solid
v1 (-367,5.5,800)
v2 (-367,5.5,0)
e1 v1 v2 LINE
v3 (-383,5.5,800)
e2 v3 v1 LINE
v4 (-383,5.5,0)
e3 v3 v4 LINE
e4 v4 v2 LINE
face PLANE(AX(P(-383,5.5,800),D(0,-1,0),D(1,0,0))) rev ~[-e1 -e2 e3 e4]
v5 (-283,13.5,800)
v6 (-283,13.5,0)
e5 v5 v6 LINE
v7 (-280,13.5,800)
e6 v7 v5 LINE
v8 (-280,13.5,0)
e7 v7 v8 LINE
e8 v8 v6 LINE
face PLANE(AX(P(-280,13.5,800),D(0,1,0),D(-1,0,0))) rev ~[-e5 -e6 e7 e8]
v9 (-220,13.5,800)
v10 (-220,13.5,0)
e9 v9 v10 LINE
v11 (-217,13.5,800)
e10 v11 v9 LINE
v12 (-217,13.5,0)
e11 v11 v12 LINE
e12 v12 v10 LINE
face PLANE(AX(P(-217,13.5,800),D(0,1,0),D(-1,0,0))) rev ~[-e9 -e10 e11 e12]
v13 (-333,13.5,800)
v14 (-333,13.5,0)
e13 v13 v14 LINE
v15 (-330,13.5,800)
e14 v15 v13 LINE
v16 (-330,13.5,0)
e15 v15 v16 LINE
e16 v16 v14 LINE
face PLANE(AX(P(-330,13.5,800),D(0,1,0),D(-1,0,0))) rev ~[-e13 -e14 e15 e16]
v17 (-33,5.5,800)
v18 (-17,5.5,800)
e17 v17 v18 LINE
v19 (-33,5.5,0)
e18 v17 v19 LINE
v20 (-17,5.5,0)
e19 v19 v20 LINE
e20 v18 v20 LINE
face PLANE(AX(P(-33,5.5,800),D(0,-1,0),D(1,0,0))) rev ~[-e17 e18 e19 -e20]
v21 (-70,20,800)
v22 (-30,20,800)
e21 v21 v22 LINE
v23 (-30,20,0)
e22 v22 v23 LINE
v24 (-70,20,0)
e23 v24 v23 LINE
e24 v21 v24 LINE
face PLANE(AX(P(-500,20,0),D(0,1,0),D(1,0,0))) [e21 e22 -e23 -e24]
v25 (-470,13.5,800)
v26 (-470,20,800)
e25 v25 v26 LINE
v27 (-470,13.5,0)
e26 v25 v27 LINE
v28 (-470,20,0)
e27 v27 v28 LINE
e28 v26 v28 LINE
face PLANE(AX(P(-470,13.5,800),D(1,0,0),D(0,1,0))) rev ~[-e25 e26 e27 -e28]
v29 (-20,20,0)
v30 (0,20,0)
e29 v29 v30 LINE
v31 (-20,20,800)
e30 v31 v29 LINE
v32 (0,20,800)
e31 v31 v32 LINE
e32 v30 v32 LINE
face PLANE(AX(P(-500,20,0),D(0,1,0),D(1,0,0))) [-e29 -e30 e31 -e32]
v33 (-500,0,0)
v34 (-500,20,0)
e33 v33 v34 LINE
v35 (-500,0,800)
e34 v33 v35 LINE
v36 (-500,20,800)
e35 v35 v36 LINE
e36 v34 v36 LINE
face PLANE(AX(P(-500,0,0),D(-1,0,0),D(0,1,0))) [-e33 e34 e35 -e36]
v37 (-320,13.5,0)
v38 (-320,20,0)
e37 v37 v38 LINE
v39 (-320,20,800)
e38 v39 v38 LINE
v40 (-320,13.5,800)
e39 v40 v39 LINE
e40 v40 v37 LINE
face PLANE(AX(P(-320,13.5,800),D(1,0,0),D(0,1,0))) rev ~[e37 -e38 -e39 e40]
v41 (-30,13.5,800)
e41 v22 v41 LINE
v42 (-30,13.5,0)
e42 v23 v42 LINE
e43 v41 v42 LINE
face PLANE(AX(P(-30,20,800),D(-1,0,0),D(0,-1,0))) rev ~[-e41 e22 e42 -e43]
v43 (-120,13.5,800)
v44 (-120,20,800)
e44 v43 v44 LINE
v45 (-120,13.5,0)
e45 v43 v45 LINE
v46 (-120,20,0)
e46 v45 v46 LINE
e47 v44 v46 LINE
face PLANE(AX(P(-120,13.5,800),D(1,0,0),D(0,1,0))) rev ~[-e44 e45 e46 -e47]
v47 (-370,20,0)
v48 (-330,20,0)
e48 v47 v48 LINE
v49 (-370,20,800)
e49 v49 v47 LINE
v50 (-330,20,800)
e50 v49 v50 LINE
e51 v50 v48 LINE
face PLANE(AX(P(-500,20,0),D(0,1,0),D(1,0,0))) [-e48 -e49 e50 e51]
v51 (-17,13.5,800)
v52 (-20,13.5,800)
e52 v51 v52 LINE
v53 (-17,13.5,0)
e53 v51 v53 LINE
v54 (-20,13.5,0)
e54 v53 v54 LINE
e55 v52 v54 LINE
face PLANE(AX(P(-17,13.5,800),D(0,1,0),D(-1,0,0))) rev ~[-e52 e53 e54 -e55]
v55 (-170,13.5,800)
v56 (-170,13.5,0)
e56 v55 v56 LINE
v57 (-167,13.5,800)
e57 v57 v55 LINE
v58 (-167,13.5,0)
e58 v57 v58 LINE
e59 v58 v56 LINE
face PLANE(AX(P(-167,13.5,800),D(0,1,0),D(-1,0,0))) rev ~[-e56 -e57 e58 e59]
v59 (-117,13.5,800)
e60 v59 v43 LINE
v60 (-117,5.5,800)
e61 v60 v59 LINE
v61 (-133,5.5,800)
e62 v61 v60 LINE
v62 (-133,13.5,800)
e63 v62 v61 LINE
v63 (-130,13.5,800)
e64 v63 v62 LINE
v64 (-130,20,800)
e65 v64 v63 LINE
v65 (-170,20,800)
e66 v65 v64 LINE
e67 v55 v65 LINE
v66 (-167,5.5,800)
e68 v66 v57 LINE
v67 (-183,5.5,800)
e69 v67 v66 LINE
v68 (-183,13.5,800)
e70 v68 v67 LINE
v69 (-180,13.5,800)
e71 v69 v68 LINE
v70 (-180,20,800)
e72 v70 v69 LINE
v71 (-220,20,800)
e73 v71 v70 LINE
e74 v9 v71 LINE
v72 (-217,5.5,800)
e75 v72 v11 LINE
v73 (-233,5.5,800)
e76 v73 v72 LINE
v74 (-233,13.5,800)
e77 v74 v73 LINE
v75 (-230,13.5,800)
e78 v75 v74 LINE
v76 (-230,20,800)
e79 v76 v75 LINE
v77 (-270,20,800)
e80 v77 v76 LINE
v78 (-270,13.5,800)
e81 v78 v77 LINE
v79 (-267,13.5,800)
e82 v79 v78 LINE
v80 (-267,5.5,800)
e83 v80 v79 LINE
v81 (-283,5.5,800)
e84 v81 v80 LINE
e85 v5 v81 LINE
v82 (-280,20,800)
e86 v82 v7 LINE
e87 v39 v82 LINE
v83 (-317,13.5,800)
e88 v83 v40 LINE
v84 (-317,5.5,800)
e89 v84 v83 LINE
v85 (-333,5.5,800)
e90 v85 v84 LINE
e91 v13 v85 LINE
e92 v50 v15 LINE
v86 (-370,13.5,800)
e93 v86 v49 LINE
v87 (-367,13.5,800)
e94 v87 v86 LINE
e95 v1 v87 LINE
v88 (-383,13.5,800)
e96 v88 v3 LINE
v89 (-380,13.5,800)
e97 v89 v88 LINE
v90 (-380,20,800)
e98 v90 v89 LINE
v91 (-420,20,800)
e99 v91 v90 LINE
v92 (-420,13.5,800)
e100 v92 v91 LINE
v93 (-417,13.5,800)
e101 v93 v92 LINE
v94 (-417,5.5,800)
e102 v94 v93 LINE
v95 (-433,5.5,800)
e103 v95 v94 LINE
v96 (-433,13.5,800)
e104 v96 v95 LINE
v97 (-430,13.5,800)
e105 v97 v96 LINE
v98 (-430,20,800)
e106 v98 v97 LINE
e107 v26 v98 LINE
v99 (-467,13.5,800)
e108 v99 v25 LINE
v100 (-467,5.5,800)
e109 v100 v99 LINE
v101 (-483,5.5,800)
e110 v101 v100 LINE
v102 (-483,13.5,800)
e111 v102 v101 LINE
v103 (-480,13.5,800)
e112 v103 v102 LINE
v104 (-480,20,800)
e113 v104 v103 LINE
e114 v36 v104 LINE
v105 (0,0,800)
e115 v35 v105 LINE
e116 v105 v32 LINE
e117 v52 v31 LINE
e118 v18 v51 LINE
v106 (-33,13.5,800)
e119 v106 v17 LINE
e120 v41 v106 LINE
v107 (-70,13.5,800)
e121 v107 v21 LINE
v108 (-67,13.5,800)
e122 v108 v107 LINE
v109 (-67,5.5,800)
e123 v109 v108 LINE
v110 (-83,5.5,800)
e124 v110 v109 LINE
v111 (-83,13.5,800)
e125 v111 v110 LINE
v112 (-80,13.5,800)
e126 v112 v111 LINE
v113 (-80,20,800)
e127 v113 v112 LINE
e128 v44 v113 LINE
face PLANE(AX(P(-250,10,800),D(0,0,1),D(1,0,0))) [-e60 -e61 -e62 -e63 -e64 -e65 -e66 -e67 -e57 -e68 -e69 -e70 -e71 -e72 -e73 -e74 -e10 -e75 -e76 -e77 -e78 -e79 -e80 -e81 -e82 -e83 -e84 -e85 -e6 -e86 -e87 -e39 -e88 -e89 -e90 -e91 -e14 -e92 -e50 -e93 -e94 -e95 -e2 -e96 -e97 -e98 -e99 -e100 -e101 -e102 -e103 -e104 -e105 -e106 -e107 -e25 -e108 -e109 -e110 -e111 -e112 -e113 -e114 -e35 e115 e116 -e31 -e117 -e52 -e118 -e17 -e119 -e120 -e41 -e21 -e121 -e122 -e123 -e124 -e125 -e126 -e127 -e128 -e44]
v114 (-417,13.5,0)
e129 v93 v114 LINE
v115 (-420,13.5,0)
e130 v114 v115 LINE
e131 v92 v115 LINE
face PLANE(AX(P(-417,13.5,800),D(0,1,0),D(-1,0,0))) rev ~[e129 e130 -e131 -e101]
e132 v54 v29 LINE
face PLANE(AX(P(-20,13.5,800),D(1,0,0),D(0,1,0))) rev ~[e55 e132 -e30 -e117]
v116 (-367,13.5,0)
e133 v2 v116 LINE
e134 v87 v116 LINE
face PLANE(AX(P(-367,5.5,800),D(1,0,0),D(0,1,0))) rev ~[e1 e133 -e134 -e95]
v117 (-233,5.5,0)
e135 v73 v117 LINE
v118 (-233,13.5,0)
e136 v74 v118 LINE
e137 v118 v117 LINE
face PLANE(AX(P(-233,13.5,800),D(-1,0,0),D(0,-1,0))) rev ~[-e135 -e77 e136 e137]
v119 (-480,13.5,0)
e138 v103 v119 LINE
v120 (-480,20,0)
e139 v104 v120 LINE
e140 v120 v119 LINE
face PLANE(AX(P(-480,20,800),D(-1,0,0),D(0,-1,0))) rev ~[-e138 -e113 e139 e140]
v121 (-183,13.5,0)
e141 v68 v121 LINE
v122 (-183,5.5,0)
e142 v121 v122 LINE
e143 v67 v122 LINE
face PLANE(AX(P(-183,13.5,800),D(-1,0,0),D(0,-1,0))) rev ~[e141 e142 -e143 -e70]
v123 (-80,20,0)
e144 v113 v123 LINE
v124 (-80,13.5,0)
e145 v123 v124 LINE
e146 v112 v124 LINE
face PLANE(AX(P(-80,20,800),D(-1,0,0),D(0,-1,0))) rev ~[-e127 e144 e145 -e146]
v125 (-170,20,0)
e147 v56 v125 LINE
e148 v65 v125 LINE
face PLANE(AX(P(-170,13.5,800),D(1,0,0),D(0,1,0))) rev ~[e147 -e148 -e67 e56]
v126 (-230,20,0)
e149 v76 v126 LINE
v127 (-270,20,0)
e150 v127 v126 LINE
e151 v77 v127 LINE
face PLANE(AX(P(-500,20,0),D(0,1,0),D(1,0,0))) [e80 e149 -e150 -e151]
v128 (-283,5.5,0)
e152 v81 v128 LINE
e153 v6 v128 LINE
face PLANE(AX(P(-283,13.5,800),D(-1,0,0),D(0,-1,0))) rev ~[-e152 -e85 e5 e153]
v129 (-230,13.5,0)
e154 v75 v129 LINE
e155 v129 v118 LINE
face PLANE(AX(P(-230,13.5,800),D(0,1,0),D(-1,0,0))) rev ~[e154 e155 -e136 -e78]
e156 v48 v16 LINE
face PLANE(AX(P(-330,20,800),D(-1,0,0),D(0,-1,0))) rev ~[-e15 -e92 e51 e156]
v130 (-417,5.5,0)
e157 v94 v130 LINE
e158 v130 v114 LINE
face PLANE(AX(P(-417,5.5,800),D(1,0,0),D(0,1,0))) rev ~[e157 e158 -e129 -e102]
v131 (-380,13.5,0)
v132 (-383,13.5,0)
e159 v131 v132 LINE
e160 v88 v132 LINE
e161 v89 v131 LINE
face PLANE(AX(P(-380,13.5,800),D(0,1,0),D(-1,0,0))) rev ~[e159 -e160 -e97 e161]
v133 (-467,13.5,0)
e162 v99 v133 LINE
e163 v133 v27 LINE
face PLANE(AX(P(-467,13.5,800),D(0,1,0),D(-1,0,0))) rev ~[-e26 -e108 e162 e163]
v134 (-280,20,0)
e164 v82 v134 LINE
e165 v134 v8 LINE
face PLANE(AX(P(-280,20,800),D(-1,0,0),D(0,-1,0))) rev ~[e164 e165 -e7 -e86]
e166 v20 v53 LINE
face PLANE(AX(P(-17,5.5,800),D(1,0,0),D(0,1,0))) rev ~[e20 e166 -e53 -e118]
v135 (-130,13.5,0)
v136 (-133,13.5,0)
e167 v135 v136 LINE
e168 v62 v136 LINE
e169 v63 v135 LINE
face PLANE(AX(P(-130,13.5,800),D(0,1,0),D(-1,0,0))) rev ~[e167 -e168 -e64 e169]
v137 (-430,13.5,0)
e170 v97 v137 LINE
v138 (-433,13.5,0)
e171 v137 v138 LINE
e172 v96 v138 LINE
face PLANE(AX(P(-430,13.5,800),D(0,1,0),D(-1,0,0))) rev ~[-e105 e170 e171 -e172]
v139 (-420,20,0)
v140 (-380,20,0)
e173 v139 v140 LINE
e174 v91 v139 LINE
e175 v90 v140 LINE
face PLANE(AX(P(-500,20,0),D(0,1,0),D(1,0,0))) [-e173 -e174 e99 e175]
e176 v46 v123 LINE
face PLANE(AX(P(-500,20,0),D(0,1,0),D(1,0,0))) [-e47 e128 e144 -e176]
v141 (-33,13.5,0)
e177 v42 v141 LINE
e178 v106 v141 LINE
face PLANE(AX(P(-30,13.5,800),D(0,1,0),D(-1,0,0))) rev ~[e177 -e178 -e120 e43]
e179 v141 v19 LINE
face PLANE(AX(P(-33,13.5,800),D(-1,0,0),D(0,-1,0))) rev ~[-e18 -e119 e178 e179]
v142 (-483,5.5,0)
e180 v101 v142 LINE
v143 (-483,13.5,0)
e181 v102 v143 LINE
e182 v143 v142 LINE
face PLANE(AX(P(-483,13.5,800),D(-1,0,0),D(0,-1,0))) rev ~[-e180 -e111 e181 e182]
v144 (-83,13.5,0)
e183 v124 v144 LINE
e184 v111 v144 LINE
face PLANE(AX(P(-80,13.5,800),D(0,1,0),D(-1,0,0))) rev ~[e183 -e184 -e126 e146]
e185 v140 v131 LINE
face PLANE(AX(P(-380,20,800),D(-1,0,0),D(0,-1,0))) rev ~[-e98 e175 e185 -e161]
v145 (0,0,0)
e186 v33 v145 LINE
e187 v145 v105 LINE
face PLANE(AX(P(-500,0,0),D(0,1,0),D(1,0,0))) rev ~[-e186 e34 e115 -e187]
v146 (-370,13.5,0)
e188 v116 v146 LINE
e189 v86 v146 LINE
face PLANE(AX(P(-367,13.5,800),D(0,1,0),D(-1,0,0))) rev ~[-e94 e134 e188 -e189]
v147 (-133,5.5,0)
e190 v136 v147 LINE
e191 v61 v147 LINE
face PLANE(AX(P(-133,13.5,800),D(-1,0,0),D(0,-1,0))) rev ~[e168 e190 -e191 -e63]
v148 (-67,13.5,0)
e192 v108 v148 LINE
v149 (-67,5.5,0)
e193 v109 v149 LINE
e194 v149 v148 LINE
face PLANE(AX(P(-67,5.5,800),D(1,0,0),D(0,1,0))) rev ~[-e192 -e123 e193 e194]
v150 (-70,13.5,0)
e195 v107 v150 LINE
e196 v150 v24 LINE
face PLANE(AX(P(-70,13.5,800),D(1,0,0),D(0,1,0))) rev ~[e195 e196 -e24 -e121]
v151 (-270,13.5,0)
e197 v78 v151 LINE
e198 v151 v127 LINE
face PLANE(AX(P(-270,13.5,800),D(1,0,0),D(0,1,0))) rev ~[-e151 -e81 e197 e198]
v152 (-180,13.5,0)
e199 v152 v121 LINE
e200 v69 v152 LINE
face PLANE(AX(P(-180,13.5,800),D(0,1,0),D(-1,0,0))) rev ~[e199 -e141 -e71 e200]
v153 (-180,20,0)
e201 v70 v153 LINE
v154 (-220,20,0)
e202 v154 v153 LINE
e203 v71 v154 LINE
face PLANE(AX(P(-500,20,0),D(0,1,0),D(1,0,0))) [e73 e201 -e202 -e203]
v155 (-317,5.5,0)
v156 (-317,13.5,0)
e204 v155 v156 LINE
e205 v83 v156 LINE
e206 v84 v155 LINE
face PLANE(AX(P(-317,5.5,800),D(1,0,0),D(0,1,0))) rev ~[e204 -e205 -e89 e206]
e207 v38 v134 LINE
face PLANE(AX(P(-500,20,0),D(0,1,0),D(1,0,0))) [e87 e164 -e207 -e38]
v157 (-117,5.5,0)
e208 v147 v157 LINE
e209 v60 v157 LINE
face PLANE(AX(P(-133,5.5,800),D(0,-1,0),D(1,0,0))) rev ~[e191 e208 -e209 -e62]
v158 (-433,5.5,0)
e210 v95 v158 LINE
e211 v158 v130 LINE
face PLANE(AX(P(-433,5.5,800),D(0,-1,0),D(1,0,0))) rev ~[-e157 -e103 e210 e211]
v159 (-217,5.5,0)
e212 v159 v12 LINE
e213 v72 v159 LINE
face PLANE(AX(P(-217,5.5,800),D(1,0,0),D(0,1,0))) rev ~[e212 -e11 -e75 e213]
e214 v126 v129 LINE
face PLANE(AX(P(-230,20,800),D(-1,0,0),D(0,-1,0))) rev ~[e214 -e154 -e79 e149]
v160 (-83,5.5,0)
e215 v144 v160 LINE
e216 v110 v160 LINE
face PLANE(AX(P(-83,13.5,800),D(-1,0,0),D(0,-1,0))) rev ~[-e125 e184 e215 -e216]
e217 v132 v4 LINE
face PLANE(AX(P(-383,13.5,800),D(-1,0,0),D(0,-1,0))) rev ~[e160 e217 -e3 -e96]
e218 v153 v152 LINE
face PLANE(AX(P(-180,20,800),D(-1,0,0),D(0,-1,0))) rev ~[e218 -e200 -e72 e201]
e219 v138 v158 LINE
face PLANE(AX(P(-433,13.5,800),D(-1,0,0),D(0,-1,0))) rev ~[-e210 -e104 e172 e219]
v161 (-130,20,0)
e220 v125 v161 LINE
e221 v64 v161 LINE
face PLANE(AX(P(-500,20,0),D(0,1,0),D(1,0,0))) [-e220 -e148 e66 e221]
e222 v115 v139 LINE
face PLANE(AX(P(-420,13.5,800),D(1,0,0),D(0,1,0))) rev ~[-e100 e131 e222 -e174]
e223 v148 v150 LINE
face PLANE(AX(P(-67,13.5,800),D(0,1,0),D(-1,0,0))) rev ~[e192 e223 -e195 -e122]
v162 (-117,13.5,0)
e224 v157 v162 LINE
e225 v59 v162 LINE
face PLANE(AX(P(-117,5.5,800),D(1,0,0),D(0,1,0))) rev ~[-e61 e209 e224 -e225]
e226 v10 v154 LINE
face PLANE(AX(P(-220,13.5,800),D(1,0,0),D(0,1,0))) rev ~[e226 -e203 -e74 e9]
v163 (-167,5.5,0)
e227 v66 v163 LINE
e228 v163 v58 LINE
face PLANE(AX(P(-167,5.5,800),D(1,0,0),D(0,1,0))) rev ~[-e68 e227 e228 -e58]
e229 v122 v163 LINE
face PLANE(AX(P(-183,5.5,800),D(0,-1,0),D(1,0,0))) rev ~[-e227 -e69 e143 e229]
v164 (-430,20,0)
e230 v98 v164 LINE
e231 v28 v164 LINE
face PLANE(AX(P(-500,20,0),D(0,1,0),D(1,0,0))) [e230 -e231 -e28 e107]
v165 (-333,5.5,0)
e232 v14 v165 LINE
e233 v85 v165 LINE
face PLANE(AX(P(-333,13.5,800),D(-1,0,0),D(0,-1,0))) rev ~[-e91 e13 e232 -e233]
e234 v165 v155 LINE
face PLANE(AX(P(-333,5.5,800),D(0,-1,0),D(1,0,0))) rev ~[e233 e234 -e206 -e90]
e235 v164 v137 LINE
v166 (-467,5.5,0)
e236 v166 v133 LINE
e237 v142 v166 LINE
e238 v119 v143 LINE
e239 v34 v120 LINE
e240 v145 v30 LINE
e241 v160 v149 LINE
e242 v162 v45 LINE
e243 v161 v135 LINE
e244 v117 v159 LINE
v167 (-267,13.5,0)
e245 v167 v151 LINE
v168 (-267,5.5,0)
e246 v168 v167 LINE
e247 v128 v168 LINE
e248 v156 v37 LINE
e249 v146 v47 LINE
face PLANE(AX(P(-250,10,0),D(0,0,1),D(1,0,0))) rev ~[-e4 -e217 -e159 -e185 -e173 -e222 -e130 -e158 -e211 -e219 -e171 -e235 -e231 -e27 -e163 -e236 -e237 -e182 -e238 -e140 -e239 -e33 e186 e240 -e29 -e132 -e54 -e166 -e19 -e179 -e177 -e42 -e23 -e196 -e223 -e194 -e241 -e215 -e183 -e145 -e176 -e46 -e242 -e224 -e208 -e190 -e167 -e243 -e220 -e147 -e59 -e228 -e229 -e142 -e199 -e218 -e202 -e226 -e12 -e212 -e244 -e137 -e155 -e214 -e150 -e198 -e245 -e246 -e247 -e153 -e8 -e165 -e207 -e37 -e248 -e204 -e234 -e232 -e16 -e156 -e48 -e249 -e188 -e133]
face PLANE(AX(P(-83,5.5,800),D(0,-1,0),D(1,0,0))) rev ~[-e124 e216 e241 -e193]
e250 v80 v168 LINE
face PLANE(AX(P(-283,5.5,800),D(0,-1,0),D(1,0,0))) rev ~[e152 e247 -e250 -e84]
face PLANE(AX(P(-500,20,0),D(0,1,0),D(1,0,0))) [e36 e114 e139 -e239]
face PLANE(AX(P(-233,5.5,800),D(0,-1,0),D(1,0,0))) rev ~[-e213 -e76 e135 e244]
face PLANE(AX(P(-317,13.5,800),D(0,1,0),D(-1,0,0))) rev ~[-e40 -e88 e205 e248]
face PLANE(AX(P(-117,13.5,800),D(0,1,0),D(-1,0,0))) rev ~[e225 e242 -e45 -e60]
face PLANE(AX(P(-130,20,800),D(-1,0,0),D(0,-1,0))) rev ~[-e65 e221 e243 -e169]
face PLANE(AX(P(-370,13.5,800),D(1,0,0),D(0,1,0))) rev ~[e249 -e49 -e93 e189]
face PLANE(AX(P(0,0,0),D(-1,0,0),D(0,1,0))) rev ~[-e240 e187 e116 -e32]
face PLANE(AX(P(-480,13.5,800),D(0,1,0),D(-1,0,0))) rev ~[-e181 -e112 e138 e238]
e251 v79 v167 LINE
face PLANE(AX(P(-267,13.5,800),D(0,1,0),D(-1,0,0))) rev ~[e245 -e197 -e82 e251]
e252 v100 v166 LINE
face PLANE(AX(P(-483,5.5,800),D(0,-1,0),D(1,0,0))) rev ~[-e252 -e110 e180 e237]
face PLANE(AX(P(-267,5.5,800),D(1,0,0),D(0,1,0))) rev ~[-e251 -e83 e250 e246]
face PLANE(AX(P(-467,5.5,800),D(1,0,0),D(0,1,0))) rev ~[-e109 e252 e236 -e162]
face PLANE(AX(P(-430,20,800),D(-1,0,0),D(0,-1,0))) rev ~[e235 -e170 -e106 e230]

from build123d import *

# Parameters (mm, degrees)
SKETCH1_W           = 500
SKETCH1_H           = 20
BOSS_EXTRUDE1_DEPTH = 800
CUT_EXTRUDE1_DEPTH  = 944.610088967


with BuildPart() as part:
    # Sketch1 → Boss-Extrude1 (new body)
    with BuildSketch(Plane.XY):
        with Locations((-250, 10)):
            Rectangle(SKETCH1_W, SKETCH1_H)
    extrude(amount=BOSS_EXTRUDE1_DEPTH)

    # Sketch2 → Cut-Extrude1 (cut, through all)
    with BuildSketch(Plane.XY.offset(800)):
        Polygon((-480, 20), (-480, 13.5), (-483, 13.5), (-483, 5.5), (-467, 5.5), (-467, 13.5), (-470, 13.5), (-470, 20), align=None)
        Polygon((-430, 20), (-430, 13.5), (-433, 13.5), (-433, 5.5), (-417, 5.5), (-417, 13.5), (-420, 13.5), (-420, 20), align=None)
        Polygon((-380, 20), (-380, 13.5), (-383, 13.5), (-383, 5.5), (-367, 5.5), (-367, 13.5), (-370, 13.5), (-370, 20), align=None)
        Polygon((-330, 20), (-330, 13.5), (-333, 13.5), (-333, 5.5), (-317, 5.5), (-317, 13.5), (-320, 13.5), (-320, 20), align=None)
        Polygon((-280, 20), (-280, 13.5), (-283, 13.5), (-283, 5.5), (-267, 5.5), (-267, 13.5), (-270, 13.5), (-270, 20), align=None)
        Polygon((-230, 20), (-230, 13.5), (-233, 13.5), (-233, 5.5), (-217, 5.5), (-217, 13.5), (-220, 13.5), (-220, 20), align=None)
        Polygon((-180, 20), (-180, 13.5), (-183, 13.5), (-183, 5.5), (-167, 5.5), (-167, 13.5), (-170, 13.5), (-170, 20), align=None)
        Polygon((-130, 20), (-130, 13.5), (-133, 13.5), (-133, 5.5), (-117, 5.5), (-117, 13.5), (-120, 13.5), (-120, 20), align=None)
        Polygon((-80, 20), (-80, 13.5), (-83, 13.5), (-83, 5.5), (-67, 5.5), (-67, 13.5), (-70, 13.5), (-70, 20), align=None)
        Polygon((-30, 20), (-30, 13.5), (-33, 13.5), (-33, 5.5), (-17, 5.5), (-17, 13.5), (-20, 13.5), (-20, 20), align=None)
    extrude(amount=-CUT_EXTRUDE1_DEPTH, mode=Mode.SUBTRACT)


solid = part.part
